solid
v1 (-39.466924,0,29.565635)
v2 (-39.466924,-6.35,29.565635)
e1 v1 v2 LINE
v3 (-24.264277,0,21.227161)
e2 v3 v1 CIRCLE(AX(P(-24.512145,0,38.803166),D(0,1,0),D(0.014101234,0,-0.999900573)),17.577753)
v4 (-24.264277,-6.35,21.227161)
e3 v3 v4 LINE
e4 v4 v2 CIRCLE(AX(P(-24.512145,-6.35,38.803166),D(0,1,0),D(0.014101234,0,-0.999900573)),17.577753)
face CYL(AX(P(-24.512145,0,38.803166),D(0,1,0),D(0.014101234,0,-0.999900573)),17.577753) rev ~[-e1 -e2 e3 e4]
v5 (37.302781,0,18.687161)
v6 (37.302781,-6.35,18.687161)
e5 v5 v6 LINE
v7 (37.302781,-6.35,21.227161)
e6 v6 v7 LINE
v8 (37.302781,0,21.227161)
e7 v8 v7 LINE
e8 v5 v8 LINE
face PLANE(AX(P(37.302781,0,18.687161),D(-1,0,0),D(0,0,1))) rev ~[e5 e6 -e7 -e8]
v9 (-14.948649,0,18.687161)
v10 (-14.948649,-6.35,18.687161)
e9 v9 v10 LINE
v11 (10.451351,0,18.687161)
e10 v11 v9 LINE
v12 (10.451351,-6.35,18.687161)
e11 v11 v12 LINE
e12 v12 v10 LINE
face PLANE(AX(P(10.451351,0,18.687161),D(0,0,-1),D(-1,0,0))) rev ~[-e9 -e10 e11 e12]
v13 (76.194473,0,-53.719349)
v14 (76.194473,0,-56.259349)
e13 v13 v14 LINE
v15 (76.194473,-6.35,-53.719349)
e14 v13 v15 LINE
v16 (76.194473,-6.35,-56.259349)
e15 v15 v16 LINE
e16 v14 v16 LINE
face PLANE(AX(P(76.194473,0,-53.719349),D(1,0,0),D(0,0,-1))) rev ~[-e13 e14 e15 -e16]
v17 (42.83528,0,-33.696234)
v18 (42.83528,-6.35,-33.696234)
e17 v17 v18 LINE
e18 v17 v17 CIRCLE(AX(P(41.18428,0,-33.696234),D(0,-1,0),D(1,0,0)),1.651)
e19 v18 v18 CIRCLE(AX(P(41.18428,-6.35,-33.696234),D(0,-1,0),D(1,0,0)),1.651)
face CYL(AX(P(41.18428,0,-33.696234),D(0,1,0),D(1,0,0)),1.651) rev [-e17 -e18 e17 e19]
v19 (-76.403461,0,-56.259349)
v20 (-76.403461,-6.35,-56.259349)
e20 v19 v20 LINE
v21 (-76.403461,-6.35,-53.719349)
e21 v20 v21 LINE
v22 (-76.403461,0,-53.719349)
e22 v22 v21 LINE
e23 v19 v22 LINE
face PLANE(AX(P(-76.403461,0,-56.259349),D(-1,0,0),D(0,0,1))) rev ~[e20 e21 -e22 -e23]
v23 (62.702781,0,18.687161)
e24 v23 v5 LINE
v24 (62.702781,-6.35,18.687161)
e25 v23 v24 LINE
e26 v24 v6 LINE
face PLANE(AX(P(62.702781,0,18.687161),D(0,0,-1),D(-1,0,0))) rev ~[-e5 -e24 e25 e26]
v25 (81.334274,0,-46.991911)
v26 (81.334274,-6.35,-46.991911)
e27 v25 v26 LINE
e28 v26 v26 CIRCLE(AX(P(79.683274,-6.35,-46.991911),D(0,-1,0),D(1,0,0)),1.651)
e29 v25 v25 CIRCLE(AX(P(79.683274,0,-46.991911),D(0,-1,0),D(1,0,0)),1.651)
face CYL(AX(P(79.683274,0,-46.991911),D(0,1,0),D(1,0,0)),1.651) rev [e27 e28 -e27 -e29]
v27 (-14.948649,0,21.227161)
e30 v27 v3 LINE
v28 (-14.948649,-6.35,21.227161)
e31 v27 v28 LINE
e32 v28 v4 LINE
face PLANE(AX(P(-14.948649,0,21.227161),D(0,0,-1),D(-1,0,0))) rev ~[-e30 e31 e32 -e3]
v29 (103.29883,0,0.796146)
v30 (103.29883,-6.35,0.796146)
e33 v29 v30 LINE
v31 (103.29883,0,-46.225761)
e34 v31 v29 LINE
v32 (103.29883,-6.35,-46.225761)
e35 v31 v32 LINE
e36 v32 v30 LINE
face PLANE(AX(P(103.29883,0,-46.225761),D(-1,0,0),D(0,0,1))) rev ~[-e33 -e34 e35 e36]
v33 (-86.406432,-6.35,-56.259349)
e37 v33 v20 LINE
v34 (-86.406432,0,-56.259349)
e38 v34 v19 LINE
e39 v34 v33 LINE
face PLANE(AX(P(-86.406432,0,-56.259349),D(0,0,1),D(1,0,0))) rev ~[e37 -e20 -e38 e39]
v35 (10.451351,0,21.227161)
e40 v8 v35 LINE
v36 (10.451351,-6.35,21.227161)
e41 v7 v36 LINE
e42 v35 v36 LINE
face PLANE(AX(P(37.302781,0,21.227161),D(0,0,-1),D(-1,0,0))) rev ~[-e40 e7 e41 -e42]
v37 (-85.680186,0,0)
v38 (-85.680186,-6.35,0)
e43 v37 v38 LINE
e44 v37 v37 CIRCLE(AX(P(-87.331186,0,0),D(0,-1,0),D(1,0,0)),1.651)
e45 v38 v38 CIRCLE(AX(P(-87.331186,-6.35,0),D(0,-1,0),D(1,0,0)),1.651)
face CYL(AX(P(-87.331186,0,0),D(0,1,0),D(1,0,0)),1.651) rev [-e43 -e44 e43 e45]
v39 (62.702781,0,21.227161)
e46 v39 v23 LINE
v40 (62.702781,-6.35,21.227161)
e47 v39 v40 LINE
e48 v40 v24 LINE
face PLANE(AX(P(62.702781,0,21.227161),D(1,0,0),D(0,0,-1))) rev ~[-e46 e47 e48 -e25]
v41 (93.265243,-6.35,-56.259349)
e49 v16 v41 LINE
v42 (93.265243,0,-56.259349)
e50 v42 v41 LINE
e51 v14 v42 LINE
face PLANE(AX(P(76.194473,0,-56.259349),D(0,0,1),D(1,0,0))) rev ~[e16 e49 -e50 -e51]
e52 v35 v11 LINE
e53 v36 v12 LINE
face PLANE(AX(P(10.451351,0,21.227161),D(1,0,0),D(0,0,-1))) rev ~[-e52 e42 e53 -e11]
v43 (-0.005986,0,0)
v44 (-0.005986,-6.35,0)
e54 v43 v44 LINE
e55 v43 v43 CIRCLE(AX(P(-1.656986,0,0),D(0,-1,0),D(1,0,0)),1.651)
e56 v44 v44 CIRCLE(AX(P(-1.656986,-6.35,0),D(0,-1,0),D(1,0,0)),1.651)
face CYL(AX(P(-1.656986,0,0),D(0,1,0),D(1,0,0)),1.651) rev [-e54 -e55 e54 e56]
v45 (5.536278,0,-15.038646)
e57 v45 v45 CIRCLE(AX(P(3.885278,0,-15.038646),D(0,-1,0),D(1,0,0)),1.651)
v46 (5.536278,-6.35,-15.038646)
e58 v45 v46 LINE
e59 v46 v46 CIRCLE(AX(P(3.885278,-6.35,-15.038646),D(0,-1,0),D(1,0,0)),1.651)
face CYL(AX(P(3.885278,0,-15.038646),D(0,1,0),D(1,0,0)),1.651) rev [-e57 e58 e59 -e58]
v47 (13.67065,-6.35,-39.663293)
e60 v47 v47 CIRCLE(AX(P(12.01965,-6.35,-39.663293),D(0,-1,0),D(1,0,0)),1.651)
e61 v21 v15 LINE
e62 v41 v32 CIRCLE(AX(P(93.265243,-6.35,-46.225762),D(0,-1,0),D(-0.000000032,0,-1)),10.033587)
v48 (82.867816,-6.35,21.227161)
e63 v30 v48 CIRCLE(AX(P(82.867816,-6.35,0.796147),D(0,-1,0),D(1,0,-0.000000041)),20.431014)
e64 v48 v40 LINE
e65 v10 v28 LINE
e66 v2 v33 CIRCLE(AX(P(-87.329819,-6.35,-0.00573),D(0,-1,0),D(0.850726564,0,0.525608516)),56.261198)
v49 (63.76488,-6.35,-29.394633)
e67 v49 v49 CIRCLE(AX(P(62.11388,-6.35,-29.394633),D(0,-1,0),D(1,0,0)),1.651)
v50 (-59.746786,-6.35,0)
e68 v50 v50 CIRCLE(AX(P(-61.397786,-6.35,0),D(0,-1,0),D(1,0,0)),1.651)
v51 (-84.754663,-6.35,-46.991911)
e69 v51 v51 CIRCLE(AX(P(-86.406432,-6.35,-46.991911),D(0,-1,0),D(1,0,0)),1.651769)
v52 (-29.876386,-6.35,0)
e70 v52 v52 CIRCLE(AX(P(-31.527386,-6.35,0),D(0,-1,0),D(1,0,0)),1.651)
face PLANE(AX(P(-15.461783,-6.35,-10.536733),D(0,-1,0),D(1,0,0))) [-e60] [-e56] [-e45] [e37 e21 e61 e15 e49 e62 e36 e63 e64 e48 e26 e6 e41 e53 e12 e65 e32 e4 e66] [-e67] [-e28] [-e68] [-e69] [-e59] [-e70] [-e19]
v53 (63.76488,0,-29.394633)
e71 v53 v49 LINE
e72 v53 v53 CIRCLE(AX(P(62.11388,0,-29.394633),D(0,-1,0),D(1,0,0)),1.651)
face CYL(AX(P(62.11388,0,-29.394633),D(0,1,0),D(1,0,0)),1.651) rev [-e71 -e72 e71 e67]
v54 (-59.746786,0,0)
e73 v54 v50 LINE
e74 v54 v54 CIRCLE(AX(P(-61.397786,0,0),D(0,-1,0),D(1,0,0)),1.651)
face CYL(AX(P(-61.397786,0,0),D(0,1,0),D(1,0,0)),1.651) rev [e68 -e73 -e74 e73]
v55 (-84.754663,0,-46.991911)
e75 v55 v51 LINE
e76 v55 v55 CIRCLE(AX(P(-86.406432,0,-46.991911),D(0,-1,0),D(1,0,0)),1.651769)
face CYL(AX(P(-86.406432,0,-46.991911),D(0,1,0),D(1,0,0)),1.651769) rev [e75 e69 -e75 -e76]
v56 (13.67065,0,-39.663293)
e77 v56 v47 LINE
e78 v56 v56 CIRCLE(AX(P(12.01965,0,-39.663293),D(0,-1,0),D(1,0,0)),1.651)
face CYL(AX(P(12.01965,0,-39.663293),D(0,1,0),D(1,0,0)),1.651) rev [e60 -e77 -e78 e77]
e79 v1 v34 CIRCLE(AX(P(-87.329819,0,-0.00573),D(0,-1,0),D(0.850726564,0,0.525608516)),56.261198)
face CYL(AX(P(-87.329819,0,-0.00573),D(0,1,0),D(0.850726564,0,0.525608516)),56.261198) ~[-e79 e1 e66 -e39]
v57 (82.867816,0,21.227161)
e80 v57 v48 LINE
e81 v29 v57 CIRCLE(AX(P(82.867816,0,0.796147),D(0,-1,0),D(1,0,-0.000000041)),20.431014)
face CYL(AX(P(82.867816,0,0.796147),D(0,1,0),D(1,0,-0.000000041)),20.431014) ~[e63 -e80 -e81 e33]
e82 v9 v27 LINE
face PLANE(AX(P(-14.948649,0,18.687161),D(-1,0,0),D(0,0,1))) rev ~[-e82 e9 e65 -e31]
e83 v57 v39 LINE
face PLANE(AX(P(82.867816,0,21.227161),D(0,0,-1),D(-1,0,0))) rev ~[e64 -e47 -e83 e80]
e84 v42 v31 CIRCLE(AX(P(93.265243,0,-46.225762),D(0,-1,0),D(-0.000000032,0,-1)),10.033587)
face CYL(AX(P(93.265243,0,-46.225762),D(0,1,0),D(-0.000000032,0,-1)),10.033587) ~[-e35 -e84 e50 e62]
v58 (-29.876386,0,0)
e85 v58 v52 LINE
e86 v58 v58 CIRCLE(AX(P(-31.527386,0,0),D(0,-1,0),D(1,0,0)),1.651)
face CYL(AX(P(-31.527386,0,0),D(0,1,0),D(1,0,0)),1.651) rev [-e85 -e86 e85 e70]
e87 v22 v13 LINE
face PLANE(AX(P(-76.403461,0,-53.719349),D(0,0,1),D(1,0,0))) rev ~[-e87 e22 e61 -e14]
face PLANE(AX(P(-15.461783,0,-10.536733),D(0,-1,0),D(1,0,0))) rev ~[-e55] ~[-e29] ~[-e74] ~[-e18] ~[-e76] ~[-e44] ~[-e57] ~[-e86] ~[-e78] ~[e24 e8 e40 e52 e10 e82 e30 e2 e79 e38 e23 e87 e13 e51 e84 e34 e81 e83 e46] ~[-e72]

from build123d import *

# Parameters (mm, degrees)
F0_R     = 1.651769
F0_R_2   = 1.651
F1_DEPTH = 6.35


with BuildPart() as f1:
    # F0 (on Front) → F1 (new body)
    with BuildSketch(Plane.XZ):
        with BuildLine():
            ThreePointArc((-39.466924, 29.565635), (-136.690809, 26.990845), (-86.406432, -56.259349))
            Line((-86.406432, -56.259349), (-76.403461, -56.259349))
            Line((-76.403461, -56.259349), (-76.403461, -53.719349))
            Line((-76.403461, -53.719349), (76.194473, -53.719349))
            Line((76.194473, -53.719349), (76.194473, -56.259349))
            Line((76.194473, -56.259349), (93.265243, -56.259349))
            ThreePointArc((93.265243, -56.259349), (100.360061, -53.320579), (103.29883, -46.225761))
            Line((103.29883, -46.225761), (103.29883, -10.334933))
            Line((103.29883, -10.334933), (103.29883, 0.796146))
            ThreePointArc((103.29883, 0.796146), (97.314725, 15.243055), (82.867816, 21.227161))
            Line((82.867816, 21.227161), (62.702781, 21.227161))
            Line((62.702781, 21.227161), (62.702781, 18.687161))
            Line((62.702781, 18.687161), (37.302781, 18.687161))
            Line((37.302781, 18.687161), (37.302781, 21.227161))
            Line((37.302781, 21.227161), (10.451351, 21.227161))
            Line((10.451351, 21.227161), (10.451351, 18.687161))
            Line((10.451351, 18.687161), (-14.948649, 18.687161))
            Line((-14.948649, 18.687161), (-14.948649, 21.227161))
            Line((-14.948649, 21.227161), (-24.264277, 21.227161))
            ThreePointArc((-24.264277, 21.227161), (-32.965301, 23.391432), (-39.466924, 29.565635))
        make_face()
        with Locations((-86.406432, -46.991911)):
            Circle(F0_R, mode=Mode.SUBTRACT)
        with Locations((12.01965, -39.663293)):
            Circle(F0_R_2, mode=Mode.SUBTRACT)
        with Locations((41.18428, -33.696234)):
            Circle(F0_R_2, mode=Mode.SUBTRACT)
        with Locations((79.683274, -46.991911)):
            Circle(F0_R_2, mode=Mode.SUBTRACT)
        with Locations((62.11388, -29.394633)):
            Circle(F0_R_2, mode=Mode.SUBTRACT)
        with Locations((3.885278, -15.038646)):
            Circle(F0_R_2, mode=Mode.SUBTRACT)
        with Locations((-87.331186, 0)):
            Circle(F0_R_2, mode=Mode.SUBTRACT)
        with Locations((-61.397786, 0)):
            Circle(F0_R_2, mode=Mode.SUBTRACT)
        with Locations((-31.527386, 0)):
            Circle(F0_R_2, mode=Mode.SUBTRACT)
        with Locations((-1.656986, 0)):
            Circle(F0_R_2, mode=Mode.SUBTRACT)
    extrude(amount=F1_DEPTH)


solid = f1.part
